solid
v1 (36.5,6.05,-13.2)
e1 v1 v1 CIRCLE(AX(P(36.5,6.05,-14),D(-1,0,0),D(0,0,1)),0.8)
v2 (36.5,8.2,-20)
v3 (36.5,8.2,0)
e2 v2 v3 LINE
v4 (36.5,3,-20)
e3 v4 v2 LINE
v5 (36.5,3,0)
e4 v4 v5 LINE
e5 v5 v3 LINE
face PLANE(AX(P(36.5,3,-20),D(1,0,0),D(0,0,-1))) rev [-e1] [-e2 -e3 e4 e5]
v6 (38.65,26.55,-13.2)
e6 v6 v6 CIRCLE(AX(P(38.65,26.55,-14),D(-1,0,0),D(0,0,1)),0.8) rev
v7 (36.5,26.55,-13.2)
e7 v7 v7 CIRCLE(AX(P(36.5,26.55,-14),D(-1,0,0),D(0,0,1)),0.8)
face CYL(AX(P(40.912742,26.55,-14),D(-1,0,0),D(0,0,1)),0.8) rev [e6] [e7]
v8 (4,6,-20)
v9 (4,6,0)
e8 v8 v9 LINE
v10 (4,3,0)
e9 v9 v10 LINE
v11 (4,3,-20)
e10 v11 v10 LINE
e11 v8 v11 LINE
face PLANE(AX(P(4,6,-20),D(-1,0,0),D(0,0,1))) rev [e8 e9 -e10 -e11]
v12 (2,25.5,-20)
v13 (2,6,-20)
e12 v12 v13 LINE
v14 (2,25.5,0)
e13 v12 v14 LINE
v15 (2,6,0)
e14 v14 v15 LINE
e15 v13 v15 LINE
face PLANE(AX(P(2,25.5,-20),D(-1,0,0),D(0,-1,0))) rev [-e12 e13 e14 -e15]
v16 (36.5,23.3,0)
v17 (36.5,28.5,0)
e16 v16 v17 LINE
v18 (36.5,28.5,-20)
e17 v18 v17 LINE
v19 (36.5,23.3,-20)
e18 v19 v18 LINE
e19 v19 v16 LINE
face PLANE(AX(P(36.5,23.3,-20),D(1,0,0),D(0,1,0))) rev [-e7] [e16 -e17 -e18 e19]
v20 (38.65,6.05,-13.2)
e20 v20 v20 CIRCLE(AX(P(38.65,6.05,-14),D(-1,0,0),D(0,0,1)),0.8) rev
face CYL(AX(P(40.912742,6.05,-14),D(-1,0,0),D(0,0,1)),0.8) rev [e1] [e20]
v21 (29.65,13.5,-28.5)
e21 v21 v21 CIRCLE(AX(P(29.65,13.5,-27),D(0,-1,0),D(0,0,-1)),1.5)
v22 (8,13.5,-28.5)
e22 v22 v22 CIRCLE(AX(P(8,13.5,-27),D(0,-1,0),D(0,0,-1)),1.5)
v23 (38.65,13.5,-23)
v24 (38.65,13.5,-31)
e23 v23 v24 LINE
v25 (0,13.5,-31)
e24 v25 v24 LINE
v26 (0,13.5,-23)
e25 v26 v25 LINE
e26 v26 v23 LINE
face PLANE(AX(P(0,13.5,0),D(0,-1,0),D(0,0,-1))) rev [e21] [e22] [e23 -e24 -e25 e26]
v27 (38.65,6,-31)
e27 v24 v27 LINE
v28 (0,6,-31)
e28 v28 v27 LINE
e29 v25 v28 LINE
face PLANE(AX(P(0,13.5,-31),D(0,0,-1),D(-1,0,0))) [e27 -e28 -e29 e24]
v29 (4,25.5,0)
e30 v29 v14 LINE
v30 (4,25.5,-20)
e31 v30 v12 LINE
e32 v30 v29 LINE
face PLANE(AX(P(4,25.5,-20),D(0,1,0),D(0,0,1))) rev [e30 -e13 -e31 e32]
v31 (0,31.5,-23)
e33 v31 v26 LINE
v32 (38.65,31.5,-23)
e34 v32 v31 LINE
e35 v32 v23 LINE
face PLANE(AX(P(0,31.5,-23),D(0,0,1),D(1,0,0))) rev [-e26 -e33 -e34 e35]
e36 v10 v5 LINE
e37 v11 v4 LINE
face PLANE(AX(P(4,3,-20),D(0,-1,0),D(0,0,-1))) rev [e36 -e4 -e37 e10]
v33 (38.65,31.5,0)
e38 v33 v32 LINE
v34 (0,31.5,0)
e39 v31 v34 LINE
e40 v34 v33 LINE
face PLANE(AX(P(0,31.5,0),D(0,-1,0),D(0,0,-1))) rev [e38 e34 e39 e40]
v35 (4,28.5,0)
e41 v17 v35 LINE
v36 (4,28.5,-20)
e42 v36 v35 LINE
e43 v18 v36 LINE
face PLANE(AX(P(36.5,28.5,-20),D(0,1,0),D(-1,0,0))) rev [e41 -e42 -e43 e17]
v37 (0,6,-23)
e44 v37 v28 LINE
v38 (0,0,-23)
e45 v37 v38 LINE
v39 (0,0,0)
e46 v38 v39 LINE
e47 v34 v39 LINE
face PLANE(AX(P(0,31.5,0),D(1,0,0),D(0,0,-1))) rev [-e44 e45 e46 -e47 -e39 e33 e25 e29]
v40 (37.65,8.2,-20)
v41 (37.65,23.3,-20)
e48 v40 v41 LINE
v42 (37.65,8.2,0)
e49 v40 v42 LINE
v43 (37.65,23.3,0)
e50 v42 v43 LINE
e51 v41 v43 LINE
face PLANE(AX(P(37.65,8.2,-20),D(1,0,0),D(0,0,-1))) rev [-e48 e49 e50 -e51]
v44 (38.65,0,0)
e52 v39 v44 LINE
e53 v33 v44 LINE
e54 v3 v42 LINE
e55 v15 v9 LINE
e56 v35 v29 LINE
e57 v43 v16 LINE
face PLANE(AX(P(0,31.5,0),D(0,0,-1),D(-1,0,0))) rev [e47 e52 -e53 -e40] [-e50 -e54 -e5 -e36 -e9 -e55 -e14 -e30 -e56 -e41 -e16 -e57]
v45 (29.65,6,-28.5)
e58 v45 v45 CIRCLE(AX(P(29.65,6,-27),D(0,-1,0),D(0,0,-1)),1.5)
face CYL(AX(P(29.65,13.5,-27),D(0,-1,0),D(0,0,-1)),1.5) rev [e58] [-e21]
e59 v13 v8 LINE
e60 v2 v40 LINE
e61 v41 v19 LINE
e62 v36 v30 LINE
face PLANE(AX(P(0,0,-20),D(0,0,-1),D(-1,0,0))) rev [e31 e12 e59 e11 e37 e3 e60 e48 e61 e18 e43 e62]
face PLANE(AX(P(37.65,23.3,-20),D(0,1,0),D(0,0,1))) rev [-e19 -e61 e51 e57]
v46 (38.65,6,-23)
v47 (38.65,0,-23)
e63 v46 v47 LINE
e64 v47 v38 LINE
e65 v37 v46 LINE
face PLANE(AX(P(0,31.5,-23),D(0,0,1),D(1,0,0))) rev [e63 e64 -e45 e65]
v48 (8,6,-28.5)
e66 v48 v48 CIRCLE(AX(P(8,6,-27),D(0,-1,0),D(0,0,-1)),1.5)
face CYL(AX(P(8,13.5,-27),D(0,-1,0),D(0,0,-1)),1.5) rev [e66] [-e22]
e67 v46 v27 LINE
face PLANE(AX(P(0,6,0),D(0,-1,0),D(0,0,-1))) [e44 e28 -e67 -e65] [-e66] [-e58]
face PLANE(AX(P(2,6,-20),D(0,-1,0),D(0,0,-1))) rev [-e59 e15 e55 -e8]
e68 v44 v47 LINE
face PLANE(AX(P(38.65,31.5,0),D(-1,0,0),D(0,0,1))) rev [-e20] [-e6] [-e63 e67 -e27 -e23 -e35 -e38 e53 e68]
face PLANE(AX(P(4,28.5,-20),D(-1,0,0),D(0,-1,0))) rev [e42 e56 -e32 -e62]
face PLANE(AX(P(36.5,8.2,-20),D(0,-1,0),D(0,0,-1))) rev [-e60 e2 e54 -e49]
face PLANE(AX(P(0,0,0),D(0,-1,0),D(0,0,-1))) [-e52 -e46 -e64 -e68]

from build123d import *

# Parameters (mm, degrees)
SKETCH1_W           = 38.65
SKETCH1_H           = 23
BOSS_EXTRUDE1_DEPTH = 31.5
CUT_EXTRUDE1_DEPTH  = 20
SKETCH4_R           = 0.8
CUT_EXTRUDE2_DEPTH  = 2.15
BOSS_EXTRUDE2_START = -6
SKETCH6_W           = 37.65
SKETCH6_H           = 8
SKETCH6_R           = 1.5
SKETCH6_W_2         = 1
BOSS_EXTRUDE2_DEPTH = 7.5


with BuildPart() as part:
    # Sketch1 → Boss-Extrude1 (new body)
    with BuildSketch(Plane(origin=(0, 0, 0), x_dir=(1, 0, 0), z_dir=(0, 1, 0))):
        with Locations((19.325, 11.5)):
            Rectangle(SKETCH1_W, SKETCH1_H)
    extrude(amount=BOSS_EXTRUDE1_DEPTH)

    # Sketch3 → Cut-Extrude1 (cut)
    with BuildSketch(Plane.XY):
        Polygon((2, 25.5), (2, 6), (4, 6), (4, 3), (36.5, 3), (36.5, 8.2), (37.65, 8.2), (37.65, 23.3), (36.5, 23.3), (36.5, 28.5), (4, 28.5), (4, 25.5), align=None)
    extrude(amount=-CUT_EXTRUDE1_DEPTH, mode=Mode.SUBTRACT)

    # Sketch4 → Cut-Extrude2 (cut)
    with BuildSketch(Plane.ZY.offset(-36.5)):
        with Locations((-14, 26.55)):
            Circle(SKETCH4_R)
        with Locations((-14, 6.05)):
            Circle(SKETCH4_R)
    extrude(amount=-CUT_EXTRUDE2_DEPTH, mode=Mode.SUBTRACT)

    # Sketch6 → Boss-Extrude2 (add)
    # profile 1 of 2: a face of its own
    with BuildSketch(Plane.XZ.offset(BOSS_EXTRUDE2_START)):
        with Locations((18.825, -27)):
            Rectangle(SKETCH6_W, SKETCH6_H)
        with Locations(Location((8, -27, 0), (0, 0, 270))):
            Circle(SKETCH6_R, mode=Mode.SUBTRACT)
        with Locations(Location((29.65, -27, 0), (0, 0, 270))):
            Circle(SKETCH6_R, mode=Mode.SUBTRACT)
    # profile 2 of 2: a face of its own
    with BuildSketch(Plane.XZ.offset(BOSS_EXTRUDE2_START)):
        with Locations((38.15, -27)):
            Rectangle(SKETCH6_W_2, SKETCH6_H)
    extrude(amount=-BOSS_EXTRUDE2_DEPTH)


solid = part.part
